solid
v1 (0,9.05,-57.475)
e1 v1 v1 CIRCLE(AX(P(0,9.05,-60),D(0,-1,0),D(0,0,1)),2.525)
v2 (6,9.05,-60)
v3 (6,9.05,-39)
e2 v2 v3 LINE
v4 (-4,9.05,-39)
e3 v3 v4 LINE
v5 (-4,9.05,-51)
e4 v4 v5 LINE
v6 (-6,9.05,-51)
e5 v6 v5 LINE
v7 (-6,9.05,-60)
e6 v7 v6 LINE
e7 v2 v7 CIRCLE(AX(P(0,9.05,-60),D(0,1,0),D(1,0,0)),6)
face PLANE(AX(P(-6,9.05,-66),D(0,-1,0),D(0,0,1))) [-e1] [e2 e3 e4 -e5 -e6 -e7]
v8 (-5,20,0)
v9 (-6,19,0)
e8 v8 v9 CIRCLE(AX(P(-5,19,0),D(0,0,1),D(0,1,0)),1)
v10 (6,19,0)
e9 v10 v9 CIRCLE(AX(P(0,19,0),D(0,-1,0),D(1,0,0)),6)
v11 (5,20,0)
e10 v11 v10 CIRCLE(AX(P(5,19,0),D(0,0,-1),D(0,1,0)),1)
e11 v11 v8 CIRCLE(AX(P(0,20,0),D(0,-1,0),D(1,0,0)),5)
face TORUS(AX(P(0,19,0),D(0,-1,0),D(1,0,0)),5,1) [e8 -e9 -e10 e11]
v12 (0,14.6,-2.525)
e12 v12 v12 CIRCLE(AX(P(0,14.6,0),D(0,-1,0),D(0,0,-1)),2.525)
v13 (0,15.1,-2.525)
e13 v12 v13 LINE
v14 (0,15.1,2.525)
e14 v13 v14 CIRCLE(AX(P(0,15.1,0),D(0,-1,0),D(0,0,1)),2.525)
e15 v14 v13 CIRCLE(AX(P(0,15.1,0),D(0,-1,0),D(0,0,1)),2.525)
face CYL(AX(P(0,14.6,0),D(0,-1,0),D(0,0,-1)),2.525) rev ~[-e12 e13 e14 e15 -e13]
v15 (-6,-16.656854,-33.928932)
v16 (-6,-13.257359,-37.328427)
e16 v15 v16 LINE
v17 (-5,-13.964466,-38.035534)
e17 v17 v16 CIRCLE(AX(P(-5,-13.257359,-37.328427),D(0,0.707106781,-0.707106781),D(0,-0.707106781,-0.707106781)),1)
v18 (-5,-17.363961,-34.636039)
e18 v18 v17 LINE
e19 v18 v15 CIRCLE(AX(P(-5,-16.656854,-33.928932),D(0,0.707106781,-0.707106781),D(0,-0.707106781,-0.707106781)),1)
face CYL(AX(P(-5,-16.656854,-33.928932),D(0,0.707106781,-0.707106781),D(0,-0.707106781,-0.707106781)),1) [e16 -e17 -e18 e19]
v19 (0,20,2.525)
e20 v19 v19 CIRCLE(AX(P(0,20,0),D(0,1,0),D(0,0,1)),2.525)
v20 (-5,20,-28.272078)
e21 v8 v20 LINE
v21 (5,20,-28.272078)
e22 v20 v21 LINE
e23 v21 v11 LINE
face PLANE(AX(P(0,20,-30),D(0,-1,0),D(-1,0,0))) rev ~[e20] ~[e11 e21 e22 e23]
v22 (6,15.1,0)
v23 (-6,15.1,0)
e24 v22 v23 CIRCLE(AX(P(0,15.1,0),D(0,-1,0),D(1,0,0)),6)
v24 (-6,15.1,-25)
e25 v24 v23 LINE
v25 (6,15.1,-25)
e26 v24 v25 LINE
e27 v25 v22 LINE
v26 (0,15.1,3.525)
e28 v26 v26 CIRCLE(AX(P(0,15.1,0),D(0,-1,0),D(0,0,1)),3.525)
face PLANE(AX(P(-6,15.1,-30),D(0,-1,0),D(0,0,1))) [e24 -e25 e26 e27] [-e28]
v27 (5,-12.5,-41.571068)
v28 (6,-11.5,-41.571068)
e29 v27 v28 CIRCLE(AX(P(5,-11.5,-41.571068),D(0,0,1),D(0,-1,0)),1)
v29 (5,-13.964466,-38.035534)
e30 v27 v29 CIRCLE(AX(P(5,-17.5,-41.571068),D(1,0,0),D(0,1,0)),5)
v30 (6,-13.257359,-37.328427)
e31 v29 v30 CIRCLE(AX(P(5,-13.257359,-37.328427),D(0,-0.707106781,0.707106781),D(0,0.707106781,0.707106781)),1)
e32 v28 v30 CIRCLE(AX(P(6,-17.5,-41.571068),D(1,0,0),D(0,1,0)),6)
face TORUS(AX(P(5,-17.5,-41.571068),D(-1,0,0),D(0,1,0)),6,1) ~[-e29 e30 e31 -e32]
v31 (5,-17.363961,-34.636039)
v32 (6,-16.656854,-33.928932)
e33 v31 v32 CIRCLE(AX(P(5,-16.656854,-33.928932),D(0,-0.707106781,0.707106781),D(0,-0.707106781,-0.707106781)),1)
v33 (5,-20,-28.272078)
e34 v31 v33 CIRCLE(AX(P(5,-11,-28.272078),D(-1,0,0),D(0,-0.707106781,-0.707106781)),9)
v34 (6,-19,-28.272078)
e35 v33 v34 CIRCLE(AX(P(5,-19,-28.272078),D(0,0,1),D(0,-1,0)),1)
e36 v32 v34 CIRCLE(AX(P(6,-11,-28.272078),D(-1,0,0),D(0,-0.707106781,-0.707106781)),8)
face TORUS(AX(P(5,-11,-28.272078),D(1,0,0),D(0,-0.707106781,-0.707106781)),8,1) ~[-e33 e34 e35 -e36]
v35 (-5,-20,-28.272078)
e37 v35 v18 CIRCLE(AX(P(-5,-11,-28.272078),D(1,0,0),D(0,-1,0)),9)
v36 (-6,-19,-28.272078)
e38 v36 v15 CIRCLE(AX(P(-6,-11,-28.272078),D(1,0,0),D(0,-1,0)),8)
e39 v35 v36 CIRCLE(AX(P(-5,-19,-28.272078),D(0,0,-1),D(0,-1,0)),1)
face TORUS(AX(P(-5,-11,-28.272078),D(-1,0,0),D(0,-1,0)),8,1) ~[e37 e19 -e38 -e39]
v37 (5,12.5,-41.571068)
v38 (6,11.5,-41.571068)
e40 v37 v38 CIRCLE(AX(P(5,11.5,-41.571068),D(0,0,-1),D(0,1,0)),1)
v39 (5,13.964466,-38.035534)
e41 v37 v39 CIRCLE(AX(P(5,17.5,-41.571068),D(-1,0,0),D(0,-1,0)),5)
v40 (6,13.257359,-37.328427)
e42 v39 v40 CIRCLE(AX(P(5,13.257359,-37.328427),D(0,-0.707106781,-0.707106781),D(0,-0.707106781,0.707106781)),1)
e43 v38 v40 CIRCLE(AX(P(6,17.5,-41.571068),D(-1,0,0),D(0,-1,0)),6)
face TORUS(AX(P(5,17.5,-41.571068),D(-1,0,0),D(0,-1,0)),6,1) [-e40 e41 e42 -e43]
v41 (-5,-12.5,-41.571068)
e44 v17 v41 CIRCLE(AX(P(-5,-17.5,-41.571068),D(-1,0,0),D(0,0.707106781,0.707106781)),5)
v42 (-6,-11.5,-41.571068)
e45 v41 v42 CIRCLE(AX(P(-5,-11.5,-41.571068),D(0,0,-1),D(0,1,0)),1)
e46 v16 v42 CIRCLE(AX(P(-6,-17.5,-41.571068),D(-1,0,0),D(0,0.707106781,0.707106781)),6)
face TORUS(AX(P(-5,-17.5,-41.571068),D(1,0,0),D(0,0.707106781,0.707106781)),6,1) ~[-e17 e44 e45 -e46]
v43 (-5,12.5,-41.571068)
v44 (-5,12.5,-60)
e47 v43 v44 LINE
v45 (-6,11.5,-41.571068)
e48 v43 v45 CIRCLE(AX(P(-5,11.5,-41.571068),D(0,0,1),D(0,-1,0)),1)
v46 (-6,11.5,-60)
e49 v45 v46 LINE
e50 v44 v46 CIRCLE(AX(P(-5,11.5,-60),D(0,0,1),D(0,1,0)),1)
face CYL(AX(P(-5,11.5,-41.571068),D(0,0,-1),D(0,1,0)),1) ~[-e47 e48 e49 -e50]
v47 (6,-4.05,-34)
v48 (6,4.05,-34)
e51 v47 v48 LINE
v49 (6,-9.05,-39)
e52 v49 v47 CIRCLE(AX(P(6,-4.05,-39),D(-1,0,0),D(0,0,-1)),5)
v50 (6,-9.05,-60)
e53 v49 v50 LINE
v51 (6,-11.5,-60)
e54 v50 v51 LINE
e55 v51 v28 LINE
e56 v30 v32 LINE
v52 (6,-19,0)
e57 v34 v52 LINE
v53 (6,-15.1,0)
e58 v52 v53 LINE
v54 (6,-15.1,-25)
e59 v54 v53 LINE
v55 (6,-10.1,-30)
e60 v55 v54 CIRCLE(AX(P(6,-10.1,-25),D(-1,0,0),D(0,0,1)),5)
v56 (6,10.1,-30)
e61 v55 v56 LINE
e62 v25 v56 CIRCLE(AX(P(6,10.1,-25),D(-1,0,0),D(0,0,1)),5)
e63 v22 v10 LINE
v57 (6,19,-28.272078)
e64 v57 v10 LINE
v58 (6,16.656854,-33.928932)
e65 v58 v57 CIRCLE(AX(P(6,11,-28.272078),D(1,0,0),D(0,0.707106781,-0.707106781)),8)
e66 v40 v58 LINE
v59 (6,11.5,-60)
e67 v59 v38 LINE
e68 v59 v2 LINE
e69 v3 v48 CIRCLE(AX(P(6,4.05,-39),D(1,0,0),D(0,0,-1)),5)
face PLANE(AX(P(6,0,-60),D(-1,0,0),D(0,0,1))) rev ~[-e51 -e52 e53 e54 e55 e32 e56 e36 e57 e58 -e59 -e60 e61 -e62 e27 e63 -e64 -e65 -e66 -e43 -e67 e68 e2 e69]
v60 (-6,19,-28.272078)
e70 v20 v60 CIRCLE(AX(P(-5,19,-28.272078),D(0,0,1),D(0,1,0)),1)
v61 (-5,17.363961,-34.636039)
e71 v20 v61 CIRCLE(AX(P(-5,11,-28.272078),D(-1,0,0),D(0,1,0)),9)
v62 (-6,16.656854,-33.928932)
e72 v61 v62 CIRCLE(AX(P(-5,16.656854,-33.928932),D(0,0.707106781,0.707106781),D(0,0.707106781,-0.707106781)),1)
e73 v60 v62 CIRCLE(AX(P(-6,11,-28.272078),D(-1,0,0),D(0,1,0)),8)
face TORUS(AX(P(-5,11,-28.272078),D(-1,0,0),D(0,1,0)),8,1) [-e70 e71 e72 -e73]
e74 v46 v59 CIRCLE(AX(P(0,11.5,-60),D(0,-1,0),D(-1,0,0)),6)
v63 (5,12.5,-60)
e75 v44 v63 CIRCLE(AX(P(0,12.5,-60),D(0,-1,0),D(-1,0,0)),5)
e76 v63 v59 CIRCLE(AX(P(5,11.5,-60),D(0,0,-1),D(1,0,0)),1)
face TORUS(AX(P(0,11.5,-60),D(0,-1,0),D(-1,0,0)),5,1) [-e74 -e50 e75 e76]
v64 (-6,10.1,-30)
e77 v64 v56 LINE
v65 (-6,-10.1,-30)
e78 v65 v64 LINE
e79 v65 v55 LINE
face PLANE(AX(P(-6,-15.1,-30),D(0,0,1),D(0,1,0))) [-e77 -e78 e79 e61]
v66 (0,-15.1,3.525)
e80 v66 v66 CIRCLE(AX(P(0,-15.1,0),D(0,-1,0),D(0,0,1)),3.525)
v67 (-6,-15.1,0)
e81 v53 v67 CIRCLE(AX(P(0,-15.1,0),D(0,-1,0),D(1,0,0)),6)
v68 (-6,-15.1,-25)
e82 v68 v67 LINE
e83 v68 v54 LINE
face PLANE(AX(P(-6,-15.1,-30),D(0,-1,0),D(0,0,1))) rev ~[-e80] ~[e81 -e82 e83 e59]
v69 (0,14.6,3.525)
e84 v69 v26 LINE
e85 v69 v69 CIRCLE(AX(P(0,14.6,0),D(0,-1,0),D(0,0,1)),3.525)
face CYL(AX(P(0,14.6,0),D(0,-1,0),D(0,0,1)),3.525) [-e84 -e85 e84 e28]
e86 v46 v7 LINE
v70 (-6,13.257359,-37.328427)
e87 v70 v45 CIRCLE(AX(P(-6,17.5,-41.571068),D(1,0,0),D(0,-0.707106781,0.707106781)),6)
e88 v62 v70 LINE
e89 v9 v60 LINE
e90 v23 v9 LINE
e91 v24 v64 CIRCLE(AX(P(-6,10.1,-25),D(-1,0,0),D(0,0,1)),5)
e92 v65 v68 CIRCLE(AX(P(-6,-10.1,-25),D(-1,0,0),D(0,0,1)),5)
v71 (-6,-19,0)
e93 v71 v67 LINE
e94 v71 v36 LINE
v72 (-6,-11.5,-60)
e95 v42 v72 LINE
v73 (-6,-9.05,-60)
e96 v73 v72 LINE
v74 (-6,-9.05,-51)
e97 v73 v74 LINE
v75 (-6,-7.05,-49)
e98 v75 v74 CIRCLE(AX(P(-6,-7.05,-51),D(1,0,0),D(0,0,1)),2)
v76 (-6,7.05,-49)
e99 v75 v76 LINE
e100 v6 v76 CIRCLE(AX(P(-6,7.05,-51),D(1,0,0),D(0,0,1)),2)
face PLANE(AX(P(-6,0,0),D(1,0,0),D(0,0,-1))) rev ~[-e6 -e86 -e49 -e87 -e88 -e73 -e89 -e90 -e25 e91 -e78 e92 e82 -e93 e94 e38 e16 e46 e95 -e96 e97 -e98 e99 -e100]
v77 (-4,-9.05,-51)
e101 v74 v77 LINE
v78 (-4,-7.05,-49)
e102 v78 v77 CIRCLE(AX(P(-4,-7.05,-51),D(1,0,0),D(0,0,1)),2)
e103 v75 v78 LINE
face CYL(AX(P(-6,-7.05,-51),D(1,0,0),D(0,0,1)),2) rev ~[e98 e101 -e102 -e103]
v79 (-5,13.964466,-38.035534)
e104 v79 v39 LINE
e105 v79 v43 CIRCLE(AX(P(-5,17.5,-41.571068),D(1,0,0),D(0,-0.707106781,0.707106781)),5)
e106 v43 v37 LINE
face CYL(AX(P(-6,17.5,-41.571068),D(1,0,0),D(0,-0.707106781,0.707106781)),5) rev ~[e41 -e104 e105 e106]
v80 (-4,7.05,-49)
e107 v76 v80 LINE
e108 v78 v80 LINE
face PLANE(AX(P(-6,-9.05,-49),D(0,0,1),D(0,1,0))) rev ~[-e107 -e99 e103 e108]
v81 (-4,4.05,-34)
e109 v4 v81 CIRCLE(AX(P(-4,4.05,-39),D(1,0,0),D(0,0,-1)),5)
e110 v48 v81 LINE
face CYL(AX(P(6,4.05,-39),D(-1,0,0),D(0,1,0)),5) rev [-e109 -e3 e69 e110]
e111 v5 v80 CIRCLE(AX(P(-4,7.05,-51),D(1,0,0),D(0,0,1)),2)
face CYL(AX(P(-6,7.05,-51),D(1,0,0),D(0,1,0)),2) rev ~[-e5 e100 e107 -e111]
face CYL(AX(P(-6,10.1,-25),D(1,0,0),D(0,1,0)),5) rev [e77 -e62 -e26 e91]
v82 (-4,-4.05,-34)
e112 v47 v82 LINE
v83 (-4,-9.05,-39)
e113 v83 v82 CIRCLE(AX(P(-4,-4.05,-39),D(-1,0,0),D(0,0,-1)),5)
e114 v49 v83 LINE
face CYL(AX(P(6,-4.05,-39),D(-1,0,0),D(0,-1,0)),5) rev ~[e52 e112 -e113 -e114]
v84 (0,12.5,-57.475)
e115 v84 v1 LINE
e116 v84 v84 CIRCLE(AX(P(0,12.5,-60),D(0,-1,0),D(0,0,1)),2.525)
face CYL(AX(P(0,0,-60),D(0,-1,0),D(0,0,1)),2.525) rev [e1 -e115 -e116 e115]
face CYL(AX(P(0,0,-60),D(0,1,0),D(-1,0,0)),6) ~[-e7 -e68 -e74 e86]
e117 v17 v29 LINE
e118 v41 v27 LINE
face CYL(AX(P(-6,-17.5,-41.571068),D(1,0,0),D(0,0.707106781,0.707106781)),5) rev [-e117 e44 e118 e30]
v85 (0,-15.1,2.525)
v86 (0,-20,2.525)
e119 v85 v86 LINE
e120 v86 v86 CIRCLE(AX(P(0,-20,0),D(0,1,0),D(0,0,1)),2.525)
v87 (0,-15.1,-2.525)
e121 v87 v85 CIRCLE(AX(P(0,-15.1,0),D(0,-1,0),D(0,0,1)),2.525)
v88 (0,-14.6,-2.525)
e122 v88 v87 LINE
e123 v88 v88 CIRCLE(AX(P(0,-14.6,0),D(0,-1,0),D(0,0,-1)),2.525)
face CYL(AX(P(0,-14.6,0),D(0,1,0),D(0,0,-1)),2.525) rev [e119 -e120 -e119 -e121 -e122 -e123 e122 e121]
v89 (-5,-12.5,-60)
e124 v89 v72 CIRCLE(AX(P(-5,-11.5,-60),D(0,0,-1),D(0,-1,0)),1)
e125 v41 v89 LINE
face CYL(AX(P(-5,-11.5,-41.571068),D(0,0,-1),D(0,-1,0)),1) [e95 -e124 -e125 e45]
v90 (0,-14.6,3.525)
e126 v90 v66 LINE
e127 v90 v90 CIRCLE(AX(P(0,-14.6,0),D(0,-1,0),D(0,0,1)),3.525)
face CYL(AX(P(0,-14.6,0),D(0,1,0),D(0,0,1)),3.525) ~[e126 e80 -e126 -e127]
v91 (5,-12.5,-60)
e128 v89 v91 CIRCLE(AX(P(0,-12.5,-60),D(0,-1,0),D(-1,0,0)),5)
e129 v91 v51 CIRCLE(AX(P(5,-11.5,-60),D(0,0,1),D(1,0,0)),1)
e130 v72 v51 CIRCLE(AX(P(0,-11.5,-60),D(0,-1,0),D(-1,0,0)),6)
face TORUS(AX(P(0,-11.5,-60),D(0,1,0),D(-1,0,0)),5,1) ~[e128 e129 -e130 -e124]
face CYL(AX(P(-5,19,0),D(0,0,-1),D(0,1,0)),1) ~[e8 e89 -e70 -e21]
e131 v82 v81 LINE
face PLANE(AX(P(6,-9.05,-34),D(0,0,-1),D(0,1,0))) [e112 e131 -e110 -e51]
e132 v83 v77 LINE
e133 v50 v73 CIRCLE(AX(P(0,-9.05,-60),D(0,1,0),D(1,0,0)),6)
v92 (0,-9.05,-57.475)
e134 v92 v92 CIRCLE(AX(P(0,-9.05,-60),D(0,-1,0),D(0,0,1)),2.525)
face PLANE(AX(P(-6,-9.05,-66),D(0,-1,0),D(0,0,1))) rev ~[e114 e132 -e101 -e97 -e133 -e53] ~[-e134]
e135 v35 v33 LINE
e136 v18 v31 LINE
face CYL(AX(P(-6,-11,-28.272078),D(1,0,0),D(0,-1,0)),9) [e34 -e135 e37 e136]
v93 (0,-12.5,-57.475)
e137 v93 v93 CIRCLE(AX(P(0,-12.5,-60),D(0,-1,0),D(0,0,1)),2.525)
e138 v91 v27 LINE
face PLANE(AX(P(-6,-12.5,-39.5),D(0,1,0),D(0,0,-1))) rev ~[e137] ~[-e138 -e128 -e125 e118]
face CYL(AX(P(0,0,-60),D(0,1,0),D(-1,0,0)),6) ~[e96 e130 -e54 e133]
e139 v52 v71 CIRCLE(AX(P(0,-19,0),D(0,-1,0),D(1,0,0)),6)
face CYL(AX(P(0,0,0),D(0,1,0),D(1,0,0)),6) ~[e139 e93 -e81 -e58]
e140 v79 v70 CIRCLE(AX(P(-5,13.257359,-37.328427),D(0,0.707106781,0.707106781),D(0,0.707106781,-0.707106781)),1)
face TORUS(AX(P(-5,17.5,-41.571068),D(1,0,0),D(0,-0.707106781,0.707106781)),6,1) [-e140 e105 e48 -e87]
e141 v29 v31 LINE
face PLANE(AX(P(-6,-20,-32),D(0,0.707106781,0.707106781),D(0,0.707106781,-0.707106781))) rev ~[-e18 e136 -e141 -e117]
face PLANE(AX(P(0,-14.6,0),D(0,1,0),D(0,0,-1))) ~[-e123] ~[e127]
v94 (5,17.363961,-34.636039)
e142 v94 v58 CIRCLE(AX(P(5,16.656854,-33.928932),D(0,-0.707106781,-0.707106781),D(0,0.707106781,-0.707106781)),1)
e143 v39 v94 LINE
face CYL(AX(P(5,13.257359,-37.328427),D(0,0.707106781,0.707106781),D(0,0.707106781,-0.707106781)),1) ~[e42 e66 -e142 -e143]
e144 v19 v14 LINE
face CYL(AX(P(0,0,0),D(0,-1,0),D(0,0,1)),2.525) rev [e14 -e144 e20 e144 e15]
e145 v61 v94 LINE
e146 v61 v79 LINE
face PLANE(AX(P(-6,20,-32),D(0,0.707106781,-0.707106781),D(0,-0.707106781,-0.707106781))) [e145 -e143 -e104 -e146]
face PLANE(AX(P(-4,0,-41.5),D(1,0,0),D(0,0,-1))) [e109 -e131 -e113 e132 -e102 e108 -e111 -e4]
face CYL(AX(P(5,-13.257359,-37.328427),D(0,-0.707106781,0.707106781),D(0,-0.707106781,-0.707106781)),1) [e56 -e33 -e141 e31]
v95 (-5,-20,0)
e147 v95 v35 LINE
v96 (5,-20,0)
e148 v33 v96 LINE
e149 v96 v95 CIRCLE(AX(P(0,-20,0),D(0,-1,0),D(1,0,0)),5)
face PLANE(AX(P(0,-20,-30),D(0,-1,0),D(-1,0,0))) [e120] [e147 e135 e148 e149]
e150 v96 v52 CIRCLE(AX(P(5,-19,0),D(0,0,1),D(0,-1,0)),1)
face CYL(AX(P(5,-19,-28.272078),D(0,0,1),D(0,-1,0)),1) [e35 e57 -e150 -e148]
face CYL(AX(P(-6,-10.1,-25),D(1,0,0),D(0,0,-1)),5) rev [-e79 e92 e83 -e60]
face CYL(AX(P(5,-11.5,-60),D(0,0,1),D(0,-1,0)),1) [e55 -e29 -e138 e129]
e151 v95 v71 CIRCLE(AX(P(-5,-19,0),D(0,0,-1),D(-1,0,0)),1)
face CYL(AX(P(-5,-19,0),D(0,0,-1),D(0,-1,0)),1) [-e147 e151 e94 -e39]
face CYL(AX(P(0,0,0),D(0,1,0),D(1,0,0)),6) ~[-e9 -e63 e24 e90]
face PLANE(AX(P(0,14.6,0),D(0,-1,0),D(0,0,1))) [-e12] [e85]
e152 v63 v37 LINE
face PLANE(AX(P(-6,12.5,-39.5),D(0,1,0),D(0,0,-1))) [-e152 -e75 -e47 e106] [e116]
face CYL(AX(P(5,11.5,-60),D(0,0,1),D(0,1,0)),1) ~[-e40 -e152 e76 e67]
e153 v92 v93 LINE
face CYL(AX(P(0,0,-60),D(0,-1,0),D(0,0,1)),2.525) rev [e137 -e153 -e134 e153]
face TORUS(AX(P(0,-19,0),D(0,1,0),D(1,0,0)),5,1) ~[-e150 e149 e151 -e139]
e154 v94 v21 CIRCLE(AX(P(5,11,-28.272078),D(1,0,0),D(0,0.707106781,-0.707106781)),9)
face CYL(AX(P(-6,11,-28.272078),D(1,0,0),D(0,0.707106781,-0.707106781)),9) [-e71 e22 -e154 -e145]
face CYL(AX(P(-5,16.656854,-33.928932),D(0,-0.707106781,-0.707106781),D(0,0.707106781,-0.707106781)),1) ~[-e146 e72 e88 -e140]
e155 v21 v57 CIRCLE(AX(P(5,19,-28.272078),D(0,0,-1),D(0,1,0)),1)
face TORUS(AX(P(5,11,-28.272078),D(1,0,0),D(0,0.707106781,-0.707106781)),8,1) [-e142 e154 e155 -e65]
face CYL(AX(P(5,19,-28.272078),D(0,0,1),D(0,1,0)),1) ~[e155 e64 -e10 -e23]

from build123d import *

# Parameters (mm, degrees)
SKETCH_1_R          = 2.525
EXTRUDE_1_DEPTH     = 20
SKETCH_2_W          = 36
SKETCH_2_H          = 30.2
SKETCH_2_W_2        = 17
SKETCH_2_H_2        = 18.1
CUT_EXTRUDE_1_DEPTH = 28
SKETCH_3_W          = 15
SKETCH_3_H          = 18.1
CUT_EXTRUDE_2_DEPTH = 10
FILLET_2_R          = 9
FILLET_3_R          = 5
FILLET_4_R          = 5
FILLET_5_R          = 5
FILLET_6_R          = 2
FILLET_7_R          = 1
EXTRUDE_START       = 0.5
SKETCH_4_R          = 3.525
SKETCH_4_R_2        = 2.525
EXTRUDE_2_DEPTH     = 0.5


with BuildPart() as part:
    # 草图1 → 凸台-拉伸1 (new, symmetric)
    with BuildSketch(Plane(origin=(0, 0, 0), x_dir=(1, 0, 0), z_dir=(0, 1, 0))):
        with BuildLine():
            Line((-6, 0), (-6, 60))
            ThreePointArc((-6, 60), (0, 66), (6, 60))
            Line((6, 60), (6, 0))
            ThreePointArc((6, 0), (0, -6), (-6, 0))
        make_face()
        with Locations(Location((0, 60, 0), (0, 0, 270))):
            Circle(SKETCH_1_R, mode=Mode.SUBTRACT)
        with Locations(Location((0, 0, 0), (0, 0, 270))):
            Circle(SKETCH_1_R, mode=Mode.SUBTRACT)
    extrude(amount=EXTRUDE_1_DEPTH, both=True)

    # 草图2 → 切除-拉伸1 (cut)
    with BuildSketch(Plane.ZY.offset(6)):
        with Locations((-12, 0)):
            Rectangle(SKETCH_2_W, SKETCH_2_H)
        with Locations((-57.5, 0)):
            Rectangle(SKETCH_2_W_2, SKETCH_2_H_2)
        Polygon((-32, 20), (-39.5, 12.5), (-66, 12.5), (-66, 20), align=None)
        Polygon((-66, -12.5), (-66, -20), (-32, -20), (-39.5, -12.5), align=None)
    extrude(amount=-CUT_EXTRUDE_1_DEPTH, mode=Mode.SUBTRACT)

    # 草图3 → 切除-拉伸2 (cut)
    with BuildSketch(Plane(origin=(6, 0, 0), x_dir=(0, 0, -1), z_dir=(1, 0, 0))):
        with Locations((41.5, 0)):
            Rectangle(SKETCH_3_W, SKETCH_3_H)
    extrude(amount=-CUT_EXTRUDE_2_DEPTH, mode=Mode.SUBTRACT)

    # 圆角2
    fillet_2_edges = [part.edges().sort_by_distance(p)[0] for p in [
        (0, 20, -32),
        (0, -20, -32),
    ]]
    fillet(fillet_2_edges, radius=FILLET_2_R)

    # 圆角3
    fillet_3_edges = [part.edges().sort_by_distance(p)[0] for p in [
        (0, 12.5, -39.5),
        (0, -12.5, -39.5),
    ]]
    fillet(fillet_3_edges, radius=FILLET_3_R)

    # 圆角4
    fillet_4_edges = [part.edges().sort_by_distance(p)[0] for p in [
        (0, -15.1, -30),
        (0, 15.1, -30),
    ]]
    fillet(fillet_4_edges, radius=FILLET_4_R)

    # 圆角5
    fillet_5_edges = [part.edges().sort_by_distance(p)[0] for p in [
        (1, -9.05, -34),
        (1, 9.05, -34),
    ]]
    fillet(fillet_5_edges, radius=FILLET_5_R)

    # 圆角6
    fillet_6_edges = [part.edges().sort_by_distance(p)[0] for p in [
        (-5, -9.05, -49),
        (-5, 9.05, -49),
    ]]
    fillet(fillet_6_edges, radius=FILLET_6_R)

    # 圆角7
    fillet_7_edges = [part.edges().sort_by_distance(p)[0] for p in [
        (-6, 20, -14.136038969),
        (-6, -15.664213562, -36.335786438),
        (-6, -20, -14.136038969),
        (-6, -19.314915793, -31.71622883),
        (-6, 19.314915793, -31.71622883),
        (6, -15.664213562, -36.335786438),
        (6, -19.314915793, -31.71622883),
        (6, 19.314915793, -31.71622883),
        (-6, 15.664213562, -36.335786438),
        (6, 15.664213562, -36.335786438),
        (-6, -12.5, -50.785533906),
        (6, -12.5, -50.785533906),
        (-6, 12.880602337, -39.65765065),
        (6, 12.880602337, -39.65765065),
        (-6, -12.880602337, -39.65765065),
        (6, -12.880602337, -39.65765065),
        (0, 20, 6),
        (6, -20, -14.136038969),
        (0, -20, 6),
        (-6, 12.5, -50.785533906),
        (0, 12.5, -66),
        (6, 12.5, -50.785533906),
        (0, -12.5, -66),
        (6, 20, -14.136038969),
    ]]
    fillet(fillet_7_edges, radius=FILLET_7_R)

    # 草图4 → 凸台-拉伸2 (add)
    with BuildSketch(Plane.XZ.offset(-15.1).offset(EXTRUDE_START)):
        with Locations(Location((0, 0, 0), (0, 0, 90))):
            Circle(SKETCH_4_R)
        with Locations(Location((0, 0, 0), (0, 0, 270))):
            Circle(SKETCH_4_R_2, mode=Mode.SUBTRACT)
    extrude_2 = extrude(amount=-EXTRUDE_2_DEPTH)

    # 镜向1: 凸台-拉伸2 across plane
    add(extrude_2.mirror(Plane(origin=(0, 0, 0), x_dir=(0, 0, 1), z_dir=(0, -1, 0))))


solid = part.part
